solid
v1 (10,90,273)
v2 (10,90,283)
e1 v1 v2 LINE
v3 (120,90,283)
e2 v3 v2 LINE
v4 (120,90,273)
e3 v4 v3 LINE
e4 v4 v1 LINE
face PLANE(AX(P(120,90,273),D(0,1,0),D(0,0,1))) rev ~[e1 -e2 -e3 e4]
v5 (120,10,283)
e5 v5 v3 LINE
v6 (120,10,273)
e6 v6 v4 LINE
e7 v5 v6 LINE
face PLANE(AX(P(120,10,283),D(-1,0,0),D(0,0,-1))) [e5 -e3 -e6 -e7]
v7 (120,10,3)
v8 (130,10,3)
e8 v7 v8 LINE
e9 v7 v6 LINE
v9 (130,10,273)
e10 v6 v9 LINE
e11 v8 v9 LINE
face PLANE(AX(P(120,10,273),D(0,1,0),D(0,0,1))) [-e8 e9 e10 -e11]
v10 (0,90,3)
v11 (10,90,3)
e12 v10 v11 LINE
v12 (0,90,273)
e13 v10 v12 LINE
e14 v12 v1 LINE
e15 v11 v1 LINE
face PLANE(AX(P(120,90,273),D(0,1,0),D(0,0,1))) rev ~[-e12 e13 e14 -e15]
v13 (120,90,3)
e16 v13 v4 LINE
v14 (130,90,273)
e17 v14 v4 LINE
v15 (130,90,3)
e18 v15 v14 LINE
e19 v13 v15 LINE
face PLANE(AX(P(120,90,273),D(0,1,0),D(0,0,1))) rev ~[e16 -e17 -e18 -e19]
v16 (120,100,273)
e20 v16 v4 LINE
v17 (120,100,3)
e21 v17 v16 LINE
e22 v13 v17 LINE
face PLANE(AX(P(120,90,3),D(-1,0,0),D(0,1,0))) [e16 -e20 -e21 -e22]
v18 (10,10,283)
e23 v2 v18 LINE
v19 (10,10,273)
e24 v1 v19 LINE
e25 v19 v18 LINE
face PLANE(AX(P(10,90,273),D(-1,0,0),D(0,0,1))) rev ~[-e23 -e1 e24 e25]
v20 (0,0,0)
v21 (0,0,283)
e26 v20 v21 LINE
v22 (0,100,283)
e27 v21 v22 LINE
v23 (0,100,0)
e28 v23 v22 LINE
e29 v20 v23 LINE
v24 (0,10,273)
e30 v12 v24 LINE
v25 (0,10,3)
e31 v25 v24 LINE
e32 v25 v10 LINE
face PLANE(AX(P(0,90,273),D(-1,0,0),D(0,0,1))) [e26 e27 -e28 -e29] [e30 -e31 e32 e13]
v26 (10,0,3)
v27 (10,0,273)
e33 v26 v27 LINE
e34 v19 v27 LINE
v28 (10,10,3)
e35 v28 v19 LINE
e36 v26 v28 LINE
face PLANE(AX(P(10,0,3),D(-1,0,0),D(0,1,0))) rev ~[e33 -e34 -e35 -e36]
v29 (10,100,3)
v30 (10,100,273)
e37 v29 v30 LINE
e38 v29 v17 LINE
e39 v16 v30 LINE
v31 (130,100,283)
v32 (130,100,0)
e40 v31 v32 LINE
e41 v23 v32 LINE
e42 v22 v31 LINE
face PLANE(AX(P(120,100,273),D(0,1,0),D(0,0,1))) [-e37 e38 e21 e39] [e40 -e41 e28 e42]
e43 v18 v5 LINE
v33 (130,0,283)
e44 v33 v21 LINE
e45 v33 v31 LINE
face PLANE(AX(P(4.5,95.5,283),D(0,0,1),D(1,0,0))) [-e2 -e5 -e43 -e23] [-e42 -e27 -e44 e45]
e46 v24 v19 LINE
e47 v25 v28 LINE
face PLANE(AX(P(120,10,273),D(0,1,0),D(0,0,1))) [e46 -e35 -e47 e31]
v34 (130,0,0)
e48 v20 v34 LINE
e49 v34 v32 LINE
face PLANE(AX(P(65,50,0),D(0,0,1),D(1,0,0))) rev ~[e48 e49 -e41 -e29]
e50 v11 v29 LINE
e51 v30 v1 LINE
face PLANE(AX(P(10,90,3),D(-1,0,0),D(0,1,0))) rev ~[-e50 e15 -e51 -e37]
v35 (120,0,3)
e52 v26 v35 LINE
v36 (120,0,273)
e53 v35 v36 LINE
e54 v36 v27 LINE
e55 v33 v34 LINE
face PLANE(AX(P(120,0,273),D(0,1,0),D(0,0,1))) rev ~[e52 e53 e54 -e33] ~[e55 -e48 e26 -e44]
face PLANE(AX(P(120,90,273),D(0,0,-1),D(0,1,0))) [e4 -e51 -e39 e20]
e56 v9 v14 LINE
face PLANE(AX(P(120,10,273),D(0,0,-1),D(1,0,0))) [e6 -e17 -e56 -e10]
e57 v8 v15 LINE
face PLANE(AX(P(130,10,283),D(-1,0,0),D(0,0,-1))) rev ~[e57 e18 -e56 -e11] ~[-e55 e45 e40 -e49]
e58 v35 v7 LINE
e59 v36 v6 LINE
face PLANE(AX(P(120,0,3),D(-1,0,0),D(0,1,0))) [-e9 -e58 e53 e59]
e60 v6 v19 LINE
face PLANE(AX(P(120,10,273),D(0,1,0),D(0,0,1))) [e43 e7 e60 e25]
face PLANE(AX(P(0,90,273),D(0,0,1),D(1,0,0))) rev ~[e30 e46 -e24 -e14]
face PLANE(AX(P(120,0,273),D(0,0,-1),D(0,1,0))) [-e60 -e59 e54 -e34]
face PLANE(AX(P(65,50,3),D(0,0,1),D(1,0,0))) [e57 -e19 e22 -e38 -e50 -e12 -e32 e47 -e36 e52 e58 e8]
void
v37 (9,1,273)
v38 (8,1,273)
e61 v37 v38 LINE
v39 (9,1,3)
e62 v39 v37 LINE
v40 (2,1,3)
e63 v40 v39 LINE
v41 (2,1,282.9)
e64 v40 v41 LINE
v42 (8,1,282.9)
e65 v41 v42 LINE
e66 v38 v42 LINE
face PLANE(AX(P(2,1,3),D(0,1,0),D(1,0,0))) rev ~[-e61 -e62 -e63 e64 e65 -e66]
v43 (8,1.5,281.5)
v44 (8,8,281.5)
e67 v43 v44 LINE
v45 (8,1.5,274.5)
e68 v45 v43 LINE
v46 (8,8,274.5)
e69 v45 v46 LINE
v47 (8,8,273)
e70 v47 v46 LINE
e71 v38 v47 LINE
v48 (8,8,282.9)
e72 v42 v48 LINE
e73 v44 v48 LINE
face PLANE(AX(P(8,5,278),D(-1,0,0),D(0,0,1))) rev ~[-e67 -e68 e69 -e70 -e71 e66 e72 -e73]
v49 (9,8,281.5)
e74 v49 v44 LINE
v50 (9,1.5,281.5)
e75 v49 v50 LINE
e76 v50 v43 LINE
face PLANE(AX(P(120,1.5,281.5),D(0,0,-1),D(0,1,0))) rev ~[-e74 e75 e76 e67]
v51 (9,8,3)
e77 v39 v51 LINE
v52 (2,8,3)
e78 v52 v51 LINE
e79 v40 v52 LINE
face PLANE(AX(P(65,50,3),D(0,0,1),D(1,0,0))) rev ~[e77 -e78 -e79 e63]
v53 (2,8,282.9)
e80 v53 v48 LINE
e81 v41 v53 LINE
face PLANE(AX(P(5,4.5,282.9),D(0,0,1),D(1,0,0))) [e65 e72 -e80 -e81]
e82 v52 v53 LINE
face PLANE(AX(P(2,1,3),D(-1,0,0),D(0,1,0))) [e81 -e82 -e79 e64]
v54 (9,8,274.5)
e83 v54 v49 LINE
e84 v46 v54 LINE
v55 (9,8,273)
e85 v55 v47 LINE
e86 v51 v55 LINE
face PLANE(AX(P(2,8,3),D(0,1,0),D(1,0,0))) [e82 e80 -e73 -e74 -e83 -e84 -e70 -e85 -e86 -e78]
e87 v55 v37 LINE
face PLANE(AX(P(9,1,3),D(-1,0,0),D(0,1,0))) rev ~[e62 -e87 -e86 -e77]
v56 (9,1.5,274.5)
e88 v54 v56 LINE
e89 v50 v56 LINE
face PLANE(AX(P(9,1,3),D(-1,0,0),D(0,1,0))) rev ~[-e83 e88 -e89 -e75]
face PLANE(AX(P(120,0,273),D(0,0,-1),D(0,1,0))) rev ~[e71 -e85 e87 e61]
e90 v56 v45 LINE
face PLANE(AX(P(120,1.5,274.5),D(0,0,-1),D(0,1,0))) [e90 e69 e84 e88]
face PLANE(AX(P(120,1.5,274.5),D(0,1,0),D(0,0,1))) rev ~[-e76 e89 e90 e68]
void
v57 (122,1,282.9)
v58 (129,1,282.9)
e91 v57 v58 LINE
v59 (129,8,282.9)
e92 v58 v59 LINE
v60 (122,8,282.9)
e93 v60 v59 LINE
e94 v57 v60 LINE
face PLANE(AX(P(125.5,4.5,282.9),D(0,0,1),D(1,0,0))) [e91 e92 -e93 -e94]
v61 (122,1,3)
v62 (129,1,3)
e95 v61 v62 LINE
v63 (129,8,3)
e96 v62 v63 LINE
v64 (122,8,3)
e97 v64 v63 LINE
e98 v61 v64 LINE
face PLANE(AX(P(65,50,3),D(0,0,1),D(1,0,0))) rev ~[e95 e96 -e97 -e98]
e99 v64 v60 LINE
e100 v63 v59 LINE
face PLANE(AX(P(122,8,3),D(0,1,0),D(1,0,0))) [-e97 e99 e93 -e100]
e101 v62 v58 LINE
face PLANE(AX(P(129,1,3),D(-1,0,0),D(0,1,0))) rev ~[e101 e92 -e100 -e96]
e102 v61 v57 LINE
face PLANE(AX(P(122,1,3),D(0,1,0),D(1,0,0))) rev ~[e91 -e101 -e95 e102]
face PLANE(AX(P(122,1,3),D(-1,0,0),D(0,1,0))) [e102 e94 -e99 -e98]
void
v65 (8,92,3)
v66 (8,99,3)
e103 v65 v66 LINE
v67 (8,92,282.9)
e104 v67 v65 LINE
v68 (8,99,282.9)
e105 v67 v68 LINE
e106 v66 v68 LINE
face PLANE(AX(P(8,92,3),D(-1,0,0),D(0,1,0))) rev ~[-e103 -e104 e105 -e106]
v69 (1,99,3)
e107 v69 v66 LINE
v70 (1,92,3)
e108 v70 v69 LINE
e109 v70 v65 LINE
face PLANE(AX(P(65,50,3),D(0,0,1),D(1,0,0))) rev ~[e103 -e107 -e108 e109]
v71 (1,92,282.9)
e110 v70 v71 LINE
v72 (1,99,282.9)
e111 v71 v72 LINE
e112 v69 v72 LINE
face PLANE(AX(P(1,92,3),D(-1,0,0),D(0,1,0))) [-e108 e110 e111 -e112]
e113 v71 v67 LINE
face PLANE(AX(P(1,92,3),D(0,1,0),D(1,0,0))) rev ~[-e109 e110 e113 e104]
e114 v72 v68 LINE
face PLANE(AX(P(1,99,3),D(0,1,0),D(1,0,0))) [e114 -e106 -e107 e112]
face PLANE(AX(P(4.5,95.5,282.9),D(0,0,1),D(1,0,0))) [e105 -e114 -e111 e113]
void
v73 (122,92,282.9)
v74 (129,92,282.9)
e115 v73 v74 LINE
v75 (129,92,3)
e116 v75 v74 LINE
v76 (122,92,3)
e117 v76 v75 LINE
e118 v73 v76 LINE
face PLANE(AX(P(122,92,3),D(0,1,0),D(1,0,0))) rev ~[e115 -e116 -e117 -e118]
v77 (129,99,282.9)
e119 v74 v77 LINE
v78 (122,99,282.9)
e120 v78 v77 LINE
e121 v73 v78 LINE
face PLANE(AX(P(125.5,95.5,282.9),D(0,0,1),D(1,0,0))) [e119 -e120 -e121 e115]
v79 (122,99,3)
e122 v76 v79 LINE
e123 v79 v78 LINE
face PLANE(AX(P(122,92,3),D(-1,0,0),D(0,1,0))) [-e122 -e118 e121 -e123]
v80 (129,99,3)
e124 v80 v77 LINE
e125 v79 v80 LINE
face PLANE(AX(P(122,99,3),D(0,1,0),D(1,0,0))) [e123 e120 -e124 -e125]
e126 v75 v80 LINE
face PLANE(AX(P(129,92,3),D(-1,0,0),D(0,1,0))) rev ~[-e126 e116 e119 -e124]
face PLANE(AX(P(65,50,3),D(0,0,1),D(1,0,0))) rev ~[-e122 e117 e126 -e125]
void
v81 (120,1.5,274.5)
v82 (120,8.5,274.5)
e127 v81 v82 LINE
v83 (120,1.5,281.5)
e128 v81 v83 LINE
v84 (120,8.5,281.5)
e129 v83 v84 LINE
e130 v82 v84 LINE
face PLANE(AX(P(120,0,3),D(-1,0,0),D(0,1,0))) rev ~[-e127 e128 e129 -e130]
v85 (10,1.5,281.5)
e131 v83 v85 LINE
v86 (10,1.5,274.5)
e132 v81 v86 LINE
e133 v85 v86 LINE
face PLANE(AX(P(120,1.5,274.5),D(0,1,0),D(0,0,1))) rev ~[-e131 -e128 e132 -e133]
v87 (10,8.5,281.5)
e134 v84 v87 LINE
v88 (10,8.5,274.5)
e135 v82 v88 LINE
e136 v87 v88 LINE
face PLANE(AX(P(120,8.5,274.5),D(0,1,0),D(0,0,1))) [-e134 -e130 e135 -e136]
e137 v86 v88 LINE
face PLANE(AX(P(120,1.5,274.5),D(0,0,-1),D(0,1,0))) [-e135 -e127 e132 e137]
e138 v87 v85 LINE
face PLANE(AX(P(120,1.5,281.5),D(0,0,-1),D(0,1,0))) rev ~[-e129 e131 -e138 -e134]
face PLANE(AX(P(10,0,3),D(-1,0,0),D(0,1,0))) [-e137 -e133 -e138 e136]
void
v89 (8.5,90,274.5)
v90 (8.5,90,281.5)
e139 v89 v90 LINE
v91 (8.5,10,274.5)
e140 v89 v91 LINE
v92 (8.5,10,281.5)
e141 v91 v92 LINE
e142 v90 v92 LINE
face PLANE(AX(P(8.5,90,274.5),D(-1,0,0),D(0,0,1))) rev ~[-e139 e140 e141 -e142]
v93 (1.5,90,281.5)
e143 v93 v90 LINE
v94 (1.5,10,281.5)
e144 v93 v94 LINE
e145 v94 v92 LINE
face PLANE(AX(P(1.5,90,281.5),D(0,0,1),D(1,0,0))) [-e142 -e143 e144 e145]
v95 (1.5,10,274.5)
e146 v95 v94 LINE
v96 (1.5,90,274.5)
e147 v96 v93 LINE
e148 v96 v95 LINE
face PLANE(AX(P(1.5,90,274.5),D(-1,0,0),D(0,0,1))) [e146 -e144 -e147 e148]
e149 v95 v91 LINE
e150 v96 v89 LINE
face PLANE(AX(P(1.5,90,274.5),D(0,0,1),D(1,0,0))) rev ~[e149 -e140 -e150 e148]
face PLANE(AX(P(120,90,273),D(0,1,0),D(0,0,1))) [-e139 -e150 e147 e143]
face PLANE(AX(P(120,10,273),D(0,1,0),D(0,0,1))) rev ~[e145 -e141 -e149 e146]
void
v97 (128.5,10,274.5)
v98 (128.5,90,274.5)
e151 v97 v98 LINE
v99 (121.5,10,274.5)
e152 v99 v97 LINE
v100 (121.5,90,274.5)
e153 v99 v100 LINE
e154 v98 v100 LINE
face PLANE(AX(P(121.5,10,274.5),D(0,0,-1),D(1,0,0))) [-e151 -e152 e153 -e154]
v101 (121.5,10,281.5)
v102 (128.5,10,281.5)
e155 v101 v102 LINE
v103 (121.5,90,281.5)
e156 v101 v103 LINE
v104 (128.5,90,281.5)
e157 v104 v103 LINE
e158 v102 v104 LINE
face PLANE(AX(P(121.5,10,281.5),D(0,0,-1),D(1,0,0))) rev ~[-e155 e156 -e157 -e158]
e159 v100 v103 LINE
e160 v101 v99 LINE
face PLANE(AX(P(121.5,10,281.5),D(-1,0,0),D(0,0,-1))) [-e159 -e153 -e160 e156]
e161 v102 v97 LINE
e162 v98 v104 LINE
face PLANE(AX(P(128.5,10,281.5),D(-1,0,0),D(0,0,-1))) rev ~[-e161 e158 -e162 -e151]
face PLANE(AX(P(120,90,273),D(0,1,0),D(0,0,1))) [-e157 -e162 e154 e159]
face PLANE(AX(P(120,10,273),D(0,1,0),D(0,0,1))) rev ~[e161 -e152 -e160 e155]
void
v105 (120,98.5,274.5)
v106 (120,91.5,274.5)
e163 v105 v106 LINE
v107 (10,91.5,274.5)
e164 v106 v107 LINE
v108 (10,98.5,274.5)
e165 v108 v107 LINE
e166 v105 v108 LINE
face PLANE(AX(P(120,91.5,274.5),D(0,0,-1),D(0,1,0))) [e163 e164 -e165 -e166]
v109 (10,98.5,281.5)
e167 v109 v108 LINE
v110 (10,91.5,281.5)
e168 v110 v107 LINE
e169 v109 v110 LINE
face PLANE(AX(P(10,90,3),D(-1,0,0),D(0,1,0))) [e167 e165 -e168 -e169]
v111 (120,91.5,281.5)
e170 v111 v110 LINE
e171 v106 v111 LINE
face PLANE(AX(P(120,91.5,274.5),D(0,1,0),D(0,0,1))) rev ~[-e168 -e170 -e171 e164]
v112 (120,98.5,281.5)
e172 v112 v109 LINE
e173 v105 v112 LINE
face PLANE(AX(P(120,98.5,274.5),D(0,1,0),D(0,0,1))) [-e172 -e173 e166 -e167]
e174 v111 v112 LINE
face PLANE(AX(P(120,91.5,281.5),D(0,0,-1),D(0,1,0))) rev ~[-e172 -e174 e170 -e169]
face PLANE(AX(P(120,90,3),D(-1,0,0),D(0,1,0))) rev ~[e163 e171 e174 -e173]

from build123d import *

# Parameters (mm, degrees)
SKETCH1_W           = 130
SKETCH1_H           = 100
BOSS_EXTRUDE1_DEPTH = 3
SKETCH2_W           = 10
SKETCH2_H           = 10
SKETCH2_W_2         = 7
SKETCH2_H_2         = 7
BOSS_EXTRUDE2_DEPTH = 280
SKETCH3_W           = 10
SKETCH3_H           = 10
SKETCH3_W_2         = 7
SKETCH3_H_2         = 7
BOSS_EXTRUDE3_DEPTH = 112
SKETCH4_W           = 10
SKETCH4_H           = 10
SKETCH4_W_2         = 7
SKETCH4_H_2         = 7
BOSS_EXTRUDE4_DEPTH = 112
SKETCH5_W           = 10
SKETCH5_H           = 10
SKETCH5_W_2         = 7
SKETCH5_H_2         = 7
BOSS_EXTRUDE5_DEPTH = 82
SKETCH6_W           = 10
SKETCH6_H           = 10
SKETCH6_W_2         = 7
SKETCH6_H_2         = 7
BOSS_EXTRUDE6_DEPTH = 82
SKETCH7_W           = 7
SKETCH7_H           = 7
SKETCH7_W_2         = 6
BOSS_EXTRUDE7_DEPTH = 0.1


with BuildPart() as part:
    # Sketch1 → Boss-Extrude1 (new body)
    with BuildSketch(Plane.XY):
        with Locations((65, 50)):
            Rectangle(SKETCH1_W, SKETCH1_H)
    extrude(amount=BOSS_EXTRUDE1_DEPTH)

    # Sketch2 → Boss-Extrude2 (add)
    # profile 1 of 4: a face of its own
    with BuildSketch(Plane.XY.offset(3)):
        with Locations((125, 95)):
            Rectangle(SKETCH2_W, SKETCH2_H)
        with Locations((125.5, 95.5)):
            Rectangle(SKETCH2_W_2, SKETCH2_H_2, mode=Mode.SUBTRACT)
    # profile 2 of 4: a face of its own
    with BuildSketch(Plane.XY.offset(3)):
        with Locations((125, 5)):
            Rectangle(SKETCH2_W, SKETCH2_H)
        with Locations((125.5, 4.5)):
            Rectangle(SKETCH2_W_2, SKETCH2_H_2, mode=Mode.SUBTRACT)
    # profile 3 of 4: a face of its own
    with BuildSketch(Plane.XY.offset(3)):
        with Locations((5, 5)):
            Rectangle(SKETCH2_W, SKETCH2_H)
        with Locations((5.5, 4.5)):
            Rectangle(SKETCH2_W_2, SKETCH2_H_2, mode=Mode.SUBTRACT)
    # profile 4 of 4: a face of its own
    with BuildSketch(Plane.XY.offset(3)):
        with Locations((5, 95)):
            Rectangle(SKETCH2_W, SKETCH2_H)
        with Locations((4.5, 95.5)):
            Rectangle(SKETCH2_W_2, SKETCH2_H_2, mode=Mode.SUBTRACT)
    extrude(amount=BOSS_EXTRUDE2_DEPTH)

    # Sketch3 → Boss-Extrude3 (add)
    with BuildSketch(Plane.ZY.offset(-120)):
        with Locations((278, 95)):
            Rectangle(SKETCH3_W, SKETCH3_H)
        with Locations((278, 95)):
            Rectangle(SKETCH3_W_2, SKETCH3_H_2, mode=Mode.SUBTRACT)
    extrude(amount=BOSS_EXTRUDE3_DEPTH)

    # Sketch4 → Boss-Extrude4 (add)
    with BuildSketch(Plane.ZY.offset(-120)):
        with Locations((278, 5)):
            Rectangle(SKETCH4_W, SKETCH4_H)
        with Locations((278, 5)):
            Rectangle(SKETCH4_W_2, SKETCH4_H_2, mode=Mode.SUBTRACT)
    extrude(amount=BOSS_EXTRUDE4_DEPTH)

    # Sketch5 → Boss-Extrude5 (add)
    with BuildSketch(Plane(origin=(0, 10, 0), x_dir=(1, 0, 0), z_dir=(0, 1, 0))):
        with Locations((125, -278)):
            Rectangle(SKETCH5_W, SKETCH5_H)
        with Locations((125, -278)):
            Rectangle(SKETCH5_W_2, SKETCH5_H_2, mode=Mode.SUBTRACT)
    extrude(amount=BOSS_EXTRUDE5_DEPTH)

    # Sketch6 → Boss-Extrude6 (add)
    with BuildSketch(Plane.XZ.offset(-90)):
        with Locations((5, 278)):
            Rectangle(SKETCH6_W, SKETCH6_H)
        with Locations((5, 278)):
            Rectangle(SKETCH6_W_2, SKETCH6_H_2, mode=Mode.SUBTRACT)
    extrude(amount=BOSS_EXTRUDE6_DEPTH)

    # Sketch7 → Boss-Extrude7 (add)
    with BuildSketch(Plane.XY.offset(283)):
        with Locations((4.5, 95.5)):
            Rectangle(SKETCH7_W, SKETCH7_H)
        with Locations((125.5, 95.5)):
            Rectangle(SKETCH7_W, SKETCH7_H)
        with Locations((125.5, 4.5)):
            Rectangle(SKETCH7_W, SKETCH7_H)
        with Locations((5, 4.5)):
            Rectangle(SKETCH7_W_2, SKETCH7_H)
    extrude(amount=-BOSS_EXTRUDE7_DEPTH)


solid = part.part
